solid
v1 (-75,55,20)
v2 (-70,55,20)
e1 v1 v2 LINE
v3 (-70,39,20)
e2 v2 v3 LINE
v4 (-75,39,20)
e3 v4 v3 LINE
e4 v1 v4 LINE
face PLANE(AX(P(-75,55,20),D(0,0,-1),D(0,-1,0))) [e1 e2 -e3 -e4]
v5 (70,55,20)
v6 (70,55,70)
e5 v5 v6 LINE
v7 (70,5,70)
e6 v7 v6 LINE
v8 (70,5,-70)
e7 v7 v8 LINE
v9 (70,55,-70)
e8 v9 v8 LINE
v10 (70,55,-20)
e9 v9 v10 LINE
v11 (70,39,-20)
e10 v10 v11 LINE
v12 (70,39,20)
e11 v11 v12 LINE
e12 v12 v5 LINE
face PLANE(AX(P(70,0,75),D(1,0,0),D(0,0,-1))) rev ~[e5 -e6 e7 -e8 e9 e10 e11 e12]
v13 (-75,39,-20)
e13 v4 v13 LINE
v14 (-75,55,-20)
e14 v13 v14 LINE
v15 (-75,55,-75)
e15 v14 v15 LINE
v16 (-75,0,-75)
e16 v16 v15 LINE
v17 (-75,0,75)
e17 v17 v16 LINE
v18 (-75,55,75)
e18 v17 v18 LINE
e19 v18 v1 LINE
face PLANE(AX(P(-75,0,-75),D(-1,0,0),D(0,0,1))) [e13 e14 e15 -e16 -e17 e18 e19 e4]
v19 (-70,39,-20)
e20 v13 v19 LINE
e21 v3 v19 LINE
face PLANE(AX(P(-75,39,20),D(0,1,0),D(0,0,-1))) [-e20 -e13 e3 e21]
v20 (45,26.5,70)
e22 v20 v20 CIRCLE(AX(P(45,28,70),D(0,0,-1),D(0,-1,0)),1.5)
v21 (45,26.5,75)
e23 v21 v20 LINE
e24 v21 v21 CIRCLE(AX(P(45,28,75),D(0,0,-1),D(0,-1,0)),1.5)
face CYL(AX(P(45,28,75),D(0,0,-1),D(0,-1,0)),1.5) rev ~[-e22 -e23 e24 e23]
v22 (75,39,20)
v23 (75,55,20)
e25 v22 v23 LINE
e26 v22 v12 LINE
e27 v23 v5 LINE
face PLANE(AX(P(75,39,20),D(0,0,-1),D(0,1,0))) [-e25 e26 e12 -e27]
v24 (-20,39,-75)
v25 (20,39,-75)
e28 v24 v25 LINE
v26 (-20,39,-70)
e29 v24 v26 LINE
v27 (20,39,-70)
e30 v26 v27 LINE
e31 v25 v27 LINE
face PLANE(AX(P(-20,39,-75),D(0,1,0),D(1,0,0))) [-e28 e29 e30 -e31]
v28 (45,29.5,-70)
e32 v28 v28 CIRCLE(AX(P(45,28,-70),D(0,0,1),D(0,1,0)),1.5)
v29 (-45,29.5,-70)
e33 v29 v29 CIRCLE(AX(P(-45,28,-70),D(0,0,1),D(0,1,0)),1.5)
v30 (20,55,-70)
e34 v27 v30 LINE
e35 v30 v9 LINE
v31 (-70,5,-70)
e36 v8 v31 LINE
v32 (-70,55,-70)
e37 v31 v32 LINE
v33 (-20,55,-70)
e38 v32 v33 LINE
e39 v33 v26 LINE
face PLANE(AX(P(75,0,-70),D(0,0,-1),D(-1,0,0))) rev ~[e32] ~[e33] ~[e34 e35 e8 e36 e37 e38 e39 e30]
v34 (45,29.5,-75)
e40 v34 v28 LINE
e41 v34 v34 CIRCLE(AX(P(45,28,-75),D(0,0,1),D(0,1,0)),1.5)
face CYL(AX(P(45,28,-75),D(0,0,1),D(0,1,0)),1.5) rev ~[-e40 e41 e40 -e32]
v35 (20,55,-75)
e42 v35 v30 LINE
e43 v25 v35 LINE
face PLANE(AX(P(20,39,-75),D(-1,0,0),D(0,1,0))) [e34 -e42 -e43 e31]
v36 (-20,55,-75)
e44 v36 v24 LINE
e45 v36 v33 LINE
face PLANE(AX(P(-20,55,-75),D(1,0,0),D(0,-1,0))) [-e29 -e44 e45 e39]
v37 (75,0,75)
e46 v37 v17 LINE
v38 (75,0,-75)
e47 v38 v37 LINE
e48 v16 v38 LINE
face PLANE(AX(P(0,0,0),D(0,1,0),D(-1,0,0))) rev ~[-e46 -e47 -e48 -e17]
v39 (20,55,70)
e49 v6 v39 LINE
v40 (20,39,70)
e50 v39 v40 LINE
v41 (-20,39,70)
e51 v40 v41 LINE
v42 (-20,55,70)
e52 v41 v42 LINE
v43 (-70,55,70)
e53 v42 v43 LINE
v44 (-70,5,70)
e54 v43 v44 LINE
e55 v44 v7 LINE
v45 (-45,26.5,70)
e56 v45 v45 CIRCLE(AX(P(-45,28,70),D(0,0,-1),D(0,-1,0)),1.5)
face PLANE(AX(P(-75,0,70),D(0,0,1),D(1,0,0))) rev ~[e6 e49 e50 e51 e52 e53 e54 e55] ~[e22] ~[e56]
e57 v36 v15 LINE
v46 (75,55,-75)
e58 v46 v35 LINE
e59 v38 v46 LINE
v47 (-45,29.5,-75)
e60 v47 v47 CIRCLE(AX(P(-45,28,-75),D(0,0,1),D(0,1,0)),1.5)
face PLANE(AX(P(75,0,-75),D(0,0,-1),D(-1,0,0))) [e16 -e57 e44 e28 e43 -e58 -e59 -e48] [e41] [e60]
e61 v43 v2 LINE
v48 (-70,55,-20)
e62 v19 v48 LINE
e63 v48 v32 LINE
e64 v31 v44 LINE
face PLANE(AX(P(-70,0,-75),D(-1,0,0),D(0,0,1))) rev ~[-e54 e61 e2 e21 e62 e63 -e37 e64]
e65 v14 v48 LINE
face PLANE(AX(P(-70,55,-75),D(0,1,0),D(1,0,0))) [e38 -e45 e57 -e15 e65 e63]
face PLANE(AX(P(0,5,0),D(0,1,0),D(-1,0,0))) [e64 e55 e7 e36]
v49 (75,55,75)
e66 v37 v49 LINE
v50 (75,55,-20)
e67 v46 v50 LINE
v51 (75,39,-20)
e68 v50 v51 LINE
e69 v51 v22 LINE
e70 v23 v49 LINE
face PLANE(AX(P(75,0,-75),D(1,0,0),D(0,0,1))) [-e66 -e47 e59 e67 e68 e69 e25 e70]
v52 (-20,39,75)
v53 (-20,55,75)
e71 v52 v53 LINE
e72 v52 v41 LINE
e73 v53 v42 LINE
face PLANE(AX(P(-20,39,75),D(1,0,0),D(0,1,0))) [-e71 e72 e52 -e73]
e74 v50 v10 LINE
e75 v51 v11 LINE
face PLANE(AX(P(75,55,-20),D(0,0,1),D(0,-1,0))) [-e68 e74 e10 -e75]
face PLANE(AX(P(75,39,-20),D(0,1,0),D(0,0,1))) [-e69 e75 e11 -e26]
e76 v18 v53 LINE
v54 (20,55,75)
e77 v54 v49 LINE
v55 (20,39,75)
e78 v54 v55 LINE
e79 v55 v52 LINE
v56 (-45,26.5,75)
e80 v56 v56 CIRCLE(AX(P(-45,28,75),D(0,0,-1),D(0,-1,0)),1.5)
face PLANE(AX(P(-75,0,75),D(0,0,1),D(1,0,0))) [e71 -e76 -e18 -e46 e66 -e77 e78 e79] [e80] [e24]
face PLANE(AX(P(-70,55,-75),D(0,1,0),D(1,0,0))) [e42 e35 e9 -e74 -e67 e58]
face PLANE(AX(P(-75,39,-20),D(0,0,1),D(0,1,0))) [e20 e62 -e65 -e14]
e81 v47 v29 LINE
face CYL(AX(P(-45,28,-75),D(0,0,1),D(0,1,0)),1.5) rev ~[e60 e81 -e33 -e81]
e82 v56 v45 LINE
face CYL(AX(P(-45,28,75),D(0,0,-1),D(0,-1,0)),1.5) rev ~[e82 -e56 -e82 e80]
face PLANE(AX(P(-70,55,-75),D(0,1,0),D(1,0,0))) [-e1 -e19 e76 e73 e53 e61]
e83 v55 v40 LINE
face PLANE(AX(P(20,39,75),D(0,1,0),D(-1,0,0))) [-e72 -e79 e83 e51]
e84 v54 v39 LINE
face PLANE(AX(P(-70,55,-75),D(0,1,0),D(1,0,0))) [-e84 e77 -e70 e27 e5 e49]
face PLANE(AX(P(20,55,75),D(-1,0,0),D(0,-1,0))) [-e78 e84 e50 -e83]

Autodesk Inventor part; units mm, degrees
ref_plane "YZ Plane" through (0, 0, 0) normal (1, 0, 0) x (0, 1, 0)
ref_plane "XZ Plane" through (0, 0, 0) normal (0, 1, 0) x (-1, 0, 0)
ref_plane "XY Plane" through (0, 0, 0) normal (0, 0, 1) x (1, 0, 0)
sketch "Szkic1" plane through (0, 0, 0) normal (0, 1, 0) x (-1, 0, 0)
  line L0 (-75, 75) -> (75, 75)
  line L1 (75, 75) -> (75, -75)
  line L2 (75, -75) -> (-75, -75)
  line L3 (-75, -75) -> (-75, 75)
  line L4 (-75, 75) -> (75, -75) construction
  line L5 (75, 75) -> (-75, -75) construction
  point P0 (0, 0)
  dimension "d0" = 150
  dimension "d1" = 150
extrude "Wyciągnięcie proste1" add sketch "Szkic1" along normal blind 5
sketch "Szkic2" plane through (75, 0, 75) normal (1, 0, 0) x (0, 0, -1)
  line L0 (0, 5) -> (150, 5)
  line L1 (150, 5) -> (150, 55)
  line L2 (150, 55) -> (0, 55)
  line L3 (0, 55) -> (0, 5)
  line L4 (50, 55) -> (100, 55)
  point P0 (75, 0)
  dimension "d4" = 50
extrude "Wyciągnięcie proste2" add sketch "Szkic2" against normal blind 5
sketch "Szkic3" plane through (-75, 0, -75) normal (-1, 0, 0) x (0, 0, 1)
  line L0 (0, 5) -> (150, 5)
  line L1 (150, 5) -> (150, 55)
  line L2 (150, 55) -> (0, 55)
  line L3 (0, 55) -> (0, 5)
  point P0 (75, 0)
  dimension "d7" = 50
extrude "Wyciągnięcie proste3" add sketch "Szkic3" against normal blind 5
sketch "Szkic4" plane through (-75, 0, 75) normal (0, 0, 1) x (1, 0, 0)
  line L0 (5, 5) -> (145, 5)
  line L1 (145, 5) -> (145, 55)
  line L2 (145, 55) -> (5, 55)
  line L3 (5, 55) -> (5, 5)
  point P0 (75, 0)
extrude "Wyciągnięcie proste4" add sketch "Szkic4" against normal blind 5
sketch "Szkic5" plane through (75, 0, -75) normal (0, 0, -1) x (-1, 0, 0)
  line L0 (5, 5) -> (145, 5)
  line L1 (145, 5) -> (145, 55)
  line L2 (145, 55) -> (5, 55)
  line L3 (5, 55) -> (5, 5)
  point P0 (75, 0)
extrude "Wyciągnięcie proste5" add sketch "Szkic5" against normal blind 5
sketch "Szkic10" plane through (-75, 0, 75) normal (0, 0, 1) x (1, 0, 0)
  circle A0 centre (30, 28) radius 1.5
  circle A1 centre (120, 28) radius 1.5
  point P0 (75, 0)
  dimension "d53" = 3
  dimension "d54" = 3
hole "Otwór5" at (45, 28, 75) at (-45, 28, 75) direction (0, 0, -1) diameter 3 depth 8 tip angle 118
sketch "Szkic11" plane through (75, 0, -75) normal (0, 0, -1) x (-1, 0, 0)
  circle A0 centre (30, 28) radius 1.5
  circle A1 centre (120, 28) radius 1.5
  point P0 (75, 0)
  dimension "d62" = 3
  dimension "d63" = 3
hole "Otwór6" at (45, 28, -75) at (-45, 28, -75) direction (0, 0, 1) diameter 3 depth 8 tip angle 118
sketch "Szkic12" plane through (70, 0, 75) normal (-1, 0, 0) x (0, 0, 1)
  line L0 (-145, 55) -> (-145, 5) projected
  line L1 (-5, 5) -> (-145, 5) projected
  line L2 (-5, 5) -> (-5, 55) projected
  line L3 (-5, 55) -> (-145, 55) projected
  point P0 (-75, 0)
sketch "Szkic13" plane through (75, 0, 75) normal (1, 0, 0) x (0, 0, -1)
  line L0 (150, 0) -> (0, 0) projected
  line L1 (150, 0) -> (150, 55) projected
  line L2 (150, 55) -> (0, 55) projected
  line L3 (0, 0) -> (0, 55) projected
  point P0 (75, 0)
sketch "Szkic14" plane through (75, 0, 75) normal (1, 0, 0) x (0, 0, -1)
  line L0 (150, 55) -> (0, 55) projected
  line L1 (55, 55) -> (95, 55)
  line L2 (95, 55) -> (95, 39)
  line L3 (95, 39) -> (55, 39)
  line L4 (55, 39) -> (55, 55)
  point P0 (75, 0)
  dimension "d73" = 40
  dimension "d74" = 16
extrude "Wyciągnięcie proste6" cut sketch "Szkic14" against normal blind 5
sketch "Szkic15" plane through (75, 0, -75) normal (0, 0, -1) x (-1, 0, 0)
  line L0 (150, 55) -> (0, 55) projected
  line L1 (55, 55) -> (95, 55)
  line L2 (95, 55) -> (95, 39)
  line L3 (95, 39) -> (55, 39)
  line L4 (55, 39) -> (55, 55)
  point P0 (75, 0)
  dimension "d77" = 40
  dimension "d78" = 16
extrude "Wyciągnięcie proste7" cut sketch "Szkic15" against normal blind 5
sketch "Szkic16" plane through (-75, 0, 75) normal (0, 0, 1) x (1, 0, 0)
  line L0 (150, 55) -> (0, 55) projected
  line L1 (55, 55) -> (95, 55)
  line L2 (95, 55) -> (95, 39)
  line L3 (95, 39) -> (55, 39)
  line L4 (55, 39) -> (55, 55)
  point P0 (75, 0)
  dimension "d81" = 40
  dimension "d82" = 16
extrude "Wyciągnięcie proste8" cut sketch "Szkic16" against normal blind 5
sketch "Szkic17" plane through (-75, 0, -75) normal (-1, 0, 0) x (0, 0, 1)
  line L0 (150, 55) -> (0, 55) projected
  line L1 (55, 55) -> (95, 55)
  line L2 (95, 55) -> (95, 39)
  line L3 (95, 39) -> (55, 39)
  line L4 (55, 39) -> (55, 55)
  point P0 (75, 0)
  dimension "d85" = 40
  dimension "d86" = 16
extrude "Wyciągnięcie proste9" cut sketch "Szkic17" against normal blind 5
properties part number "korpus" material "Stal"
